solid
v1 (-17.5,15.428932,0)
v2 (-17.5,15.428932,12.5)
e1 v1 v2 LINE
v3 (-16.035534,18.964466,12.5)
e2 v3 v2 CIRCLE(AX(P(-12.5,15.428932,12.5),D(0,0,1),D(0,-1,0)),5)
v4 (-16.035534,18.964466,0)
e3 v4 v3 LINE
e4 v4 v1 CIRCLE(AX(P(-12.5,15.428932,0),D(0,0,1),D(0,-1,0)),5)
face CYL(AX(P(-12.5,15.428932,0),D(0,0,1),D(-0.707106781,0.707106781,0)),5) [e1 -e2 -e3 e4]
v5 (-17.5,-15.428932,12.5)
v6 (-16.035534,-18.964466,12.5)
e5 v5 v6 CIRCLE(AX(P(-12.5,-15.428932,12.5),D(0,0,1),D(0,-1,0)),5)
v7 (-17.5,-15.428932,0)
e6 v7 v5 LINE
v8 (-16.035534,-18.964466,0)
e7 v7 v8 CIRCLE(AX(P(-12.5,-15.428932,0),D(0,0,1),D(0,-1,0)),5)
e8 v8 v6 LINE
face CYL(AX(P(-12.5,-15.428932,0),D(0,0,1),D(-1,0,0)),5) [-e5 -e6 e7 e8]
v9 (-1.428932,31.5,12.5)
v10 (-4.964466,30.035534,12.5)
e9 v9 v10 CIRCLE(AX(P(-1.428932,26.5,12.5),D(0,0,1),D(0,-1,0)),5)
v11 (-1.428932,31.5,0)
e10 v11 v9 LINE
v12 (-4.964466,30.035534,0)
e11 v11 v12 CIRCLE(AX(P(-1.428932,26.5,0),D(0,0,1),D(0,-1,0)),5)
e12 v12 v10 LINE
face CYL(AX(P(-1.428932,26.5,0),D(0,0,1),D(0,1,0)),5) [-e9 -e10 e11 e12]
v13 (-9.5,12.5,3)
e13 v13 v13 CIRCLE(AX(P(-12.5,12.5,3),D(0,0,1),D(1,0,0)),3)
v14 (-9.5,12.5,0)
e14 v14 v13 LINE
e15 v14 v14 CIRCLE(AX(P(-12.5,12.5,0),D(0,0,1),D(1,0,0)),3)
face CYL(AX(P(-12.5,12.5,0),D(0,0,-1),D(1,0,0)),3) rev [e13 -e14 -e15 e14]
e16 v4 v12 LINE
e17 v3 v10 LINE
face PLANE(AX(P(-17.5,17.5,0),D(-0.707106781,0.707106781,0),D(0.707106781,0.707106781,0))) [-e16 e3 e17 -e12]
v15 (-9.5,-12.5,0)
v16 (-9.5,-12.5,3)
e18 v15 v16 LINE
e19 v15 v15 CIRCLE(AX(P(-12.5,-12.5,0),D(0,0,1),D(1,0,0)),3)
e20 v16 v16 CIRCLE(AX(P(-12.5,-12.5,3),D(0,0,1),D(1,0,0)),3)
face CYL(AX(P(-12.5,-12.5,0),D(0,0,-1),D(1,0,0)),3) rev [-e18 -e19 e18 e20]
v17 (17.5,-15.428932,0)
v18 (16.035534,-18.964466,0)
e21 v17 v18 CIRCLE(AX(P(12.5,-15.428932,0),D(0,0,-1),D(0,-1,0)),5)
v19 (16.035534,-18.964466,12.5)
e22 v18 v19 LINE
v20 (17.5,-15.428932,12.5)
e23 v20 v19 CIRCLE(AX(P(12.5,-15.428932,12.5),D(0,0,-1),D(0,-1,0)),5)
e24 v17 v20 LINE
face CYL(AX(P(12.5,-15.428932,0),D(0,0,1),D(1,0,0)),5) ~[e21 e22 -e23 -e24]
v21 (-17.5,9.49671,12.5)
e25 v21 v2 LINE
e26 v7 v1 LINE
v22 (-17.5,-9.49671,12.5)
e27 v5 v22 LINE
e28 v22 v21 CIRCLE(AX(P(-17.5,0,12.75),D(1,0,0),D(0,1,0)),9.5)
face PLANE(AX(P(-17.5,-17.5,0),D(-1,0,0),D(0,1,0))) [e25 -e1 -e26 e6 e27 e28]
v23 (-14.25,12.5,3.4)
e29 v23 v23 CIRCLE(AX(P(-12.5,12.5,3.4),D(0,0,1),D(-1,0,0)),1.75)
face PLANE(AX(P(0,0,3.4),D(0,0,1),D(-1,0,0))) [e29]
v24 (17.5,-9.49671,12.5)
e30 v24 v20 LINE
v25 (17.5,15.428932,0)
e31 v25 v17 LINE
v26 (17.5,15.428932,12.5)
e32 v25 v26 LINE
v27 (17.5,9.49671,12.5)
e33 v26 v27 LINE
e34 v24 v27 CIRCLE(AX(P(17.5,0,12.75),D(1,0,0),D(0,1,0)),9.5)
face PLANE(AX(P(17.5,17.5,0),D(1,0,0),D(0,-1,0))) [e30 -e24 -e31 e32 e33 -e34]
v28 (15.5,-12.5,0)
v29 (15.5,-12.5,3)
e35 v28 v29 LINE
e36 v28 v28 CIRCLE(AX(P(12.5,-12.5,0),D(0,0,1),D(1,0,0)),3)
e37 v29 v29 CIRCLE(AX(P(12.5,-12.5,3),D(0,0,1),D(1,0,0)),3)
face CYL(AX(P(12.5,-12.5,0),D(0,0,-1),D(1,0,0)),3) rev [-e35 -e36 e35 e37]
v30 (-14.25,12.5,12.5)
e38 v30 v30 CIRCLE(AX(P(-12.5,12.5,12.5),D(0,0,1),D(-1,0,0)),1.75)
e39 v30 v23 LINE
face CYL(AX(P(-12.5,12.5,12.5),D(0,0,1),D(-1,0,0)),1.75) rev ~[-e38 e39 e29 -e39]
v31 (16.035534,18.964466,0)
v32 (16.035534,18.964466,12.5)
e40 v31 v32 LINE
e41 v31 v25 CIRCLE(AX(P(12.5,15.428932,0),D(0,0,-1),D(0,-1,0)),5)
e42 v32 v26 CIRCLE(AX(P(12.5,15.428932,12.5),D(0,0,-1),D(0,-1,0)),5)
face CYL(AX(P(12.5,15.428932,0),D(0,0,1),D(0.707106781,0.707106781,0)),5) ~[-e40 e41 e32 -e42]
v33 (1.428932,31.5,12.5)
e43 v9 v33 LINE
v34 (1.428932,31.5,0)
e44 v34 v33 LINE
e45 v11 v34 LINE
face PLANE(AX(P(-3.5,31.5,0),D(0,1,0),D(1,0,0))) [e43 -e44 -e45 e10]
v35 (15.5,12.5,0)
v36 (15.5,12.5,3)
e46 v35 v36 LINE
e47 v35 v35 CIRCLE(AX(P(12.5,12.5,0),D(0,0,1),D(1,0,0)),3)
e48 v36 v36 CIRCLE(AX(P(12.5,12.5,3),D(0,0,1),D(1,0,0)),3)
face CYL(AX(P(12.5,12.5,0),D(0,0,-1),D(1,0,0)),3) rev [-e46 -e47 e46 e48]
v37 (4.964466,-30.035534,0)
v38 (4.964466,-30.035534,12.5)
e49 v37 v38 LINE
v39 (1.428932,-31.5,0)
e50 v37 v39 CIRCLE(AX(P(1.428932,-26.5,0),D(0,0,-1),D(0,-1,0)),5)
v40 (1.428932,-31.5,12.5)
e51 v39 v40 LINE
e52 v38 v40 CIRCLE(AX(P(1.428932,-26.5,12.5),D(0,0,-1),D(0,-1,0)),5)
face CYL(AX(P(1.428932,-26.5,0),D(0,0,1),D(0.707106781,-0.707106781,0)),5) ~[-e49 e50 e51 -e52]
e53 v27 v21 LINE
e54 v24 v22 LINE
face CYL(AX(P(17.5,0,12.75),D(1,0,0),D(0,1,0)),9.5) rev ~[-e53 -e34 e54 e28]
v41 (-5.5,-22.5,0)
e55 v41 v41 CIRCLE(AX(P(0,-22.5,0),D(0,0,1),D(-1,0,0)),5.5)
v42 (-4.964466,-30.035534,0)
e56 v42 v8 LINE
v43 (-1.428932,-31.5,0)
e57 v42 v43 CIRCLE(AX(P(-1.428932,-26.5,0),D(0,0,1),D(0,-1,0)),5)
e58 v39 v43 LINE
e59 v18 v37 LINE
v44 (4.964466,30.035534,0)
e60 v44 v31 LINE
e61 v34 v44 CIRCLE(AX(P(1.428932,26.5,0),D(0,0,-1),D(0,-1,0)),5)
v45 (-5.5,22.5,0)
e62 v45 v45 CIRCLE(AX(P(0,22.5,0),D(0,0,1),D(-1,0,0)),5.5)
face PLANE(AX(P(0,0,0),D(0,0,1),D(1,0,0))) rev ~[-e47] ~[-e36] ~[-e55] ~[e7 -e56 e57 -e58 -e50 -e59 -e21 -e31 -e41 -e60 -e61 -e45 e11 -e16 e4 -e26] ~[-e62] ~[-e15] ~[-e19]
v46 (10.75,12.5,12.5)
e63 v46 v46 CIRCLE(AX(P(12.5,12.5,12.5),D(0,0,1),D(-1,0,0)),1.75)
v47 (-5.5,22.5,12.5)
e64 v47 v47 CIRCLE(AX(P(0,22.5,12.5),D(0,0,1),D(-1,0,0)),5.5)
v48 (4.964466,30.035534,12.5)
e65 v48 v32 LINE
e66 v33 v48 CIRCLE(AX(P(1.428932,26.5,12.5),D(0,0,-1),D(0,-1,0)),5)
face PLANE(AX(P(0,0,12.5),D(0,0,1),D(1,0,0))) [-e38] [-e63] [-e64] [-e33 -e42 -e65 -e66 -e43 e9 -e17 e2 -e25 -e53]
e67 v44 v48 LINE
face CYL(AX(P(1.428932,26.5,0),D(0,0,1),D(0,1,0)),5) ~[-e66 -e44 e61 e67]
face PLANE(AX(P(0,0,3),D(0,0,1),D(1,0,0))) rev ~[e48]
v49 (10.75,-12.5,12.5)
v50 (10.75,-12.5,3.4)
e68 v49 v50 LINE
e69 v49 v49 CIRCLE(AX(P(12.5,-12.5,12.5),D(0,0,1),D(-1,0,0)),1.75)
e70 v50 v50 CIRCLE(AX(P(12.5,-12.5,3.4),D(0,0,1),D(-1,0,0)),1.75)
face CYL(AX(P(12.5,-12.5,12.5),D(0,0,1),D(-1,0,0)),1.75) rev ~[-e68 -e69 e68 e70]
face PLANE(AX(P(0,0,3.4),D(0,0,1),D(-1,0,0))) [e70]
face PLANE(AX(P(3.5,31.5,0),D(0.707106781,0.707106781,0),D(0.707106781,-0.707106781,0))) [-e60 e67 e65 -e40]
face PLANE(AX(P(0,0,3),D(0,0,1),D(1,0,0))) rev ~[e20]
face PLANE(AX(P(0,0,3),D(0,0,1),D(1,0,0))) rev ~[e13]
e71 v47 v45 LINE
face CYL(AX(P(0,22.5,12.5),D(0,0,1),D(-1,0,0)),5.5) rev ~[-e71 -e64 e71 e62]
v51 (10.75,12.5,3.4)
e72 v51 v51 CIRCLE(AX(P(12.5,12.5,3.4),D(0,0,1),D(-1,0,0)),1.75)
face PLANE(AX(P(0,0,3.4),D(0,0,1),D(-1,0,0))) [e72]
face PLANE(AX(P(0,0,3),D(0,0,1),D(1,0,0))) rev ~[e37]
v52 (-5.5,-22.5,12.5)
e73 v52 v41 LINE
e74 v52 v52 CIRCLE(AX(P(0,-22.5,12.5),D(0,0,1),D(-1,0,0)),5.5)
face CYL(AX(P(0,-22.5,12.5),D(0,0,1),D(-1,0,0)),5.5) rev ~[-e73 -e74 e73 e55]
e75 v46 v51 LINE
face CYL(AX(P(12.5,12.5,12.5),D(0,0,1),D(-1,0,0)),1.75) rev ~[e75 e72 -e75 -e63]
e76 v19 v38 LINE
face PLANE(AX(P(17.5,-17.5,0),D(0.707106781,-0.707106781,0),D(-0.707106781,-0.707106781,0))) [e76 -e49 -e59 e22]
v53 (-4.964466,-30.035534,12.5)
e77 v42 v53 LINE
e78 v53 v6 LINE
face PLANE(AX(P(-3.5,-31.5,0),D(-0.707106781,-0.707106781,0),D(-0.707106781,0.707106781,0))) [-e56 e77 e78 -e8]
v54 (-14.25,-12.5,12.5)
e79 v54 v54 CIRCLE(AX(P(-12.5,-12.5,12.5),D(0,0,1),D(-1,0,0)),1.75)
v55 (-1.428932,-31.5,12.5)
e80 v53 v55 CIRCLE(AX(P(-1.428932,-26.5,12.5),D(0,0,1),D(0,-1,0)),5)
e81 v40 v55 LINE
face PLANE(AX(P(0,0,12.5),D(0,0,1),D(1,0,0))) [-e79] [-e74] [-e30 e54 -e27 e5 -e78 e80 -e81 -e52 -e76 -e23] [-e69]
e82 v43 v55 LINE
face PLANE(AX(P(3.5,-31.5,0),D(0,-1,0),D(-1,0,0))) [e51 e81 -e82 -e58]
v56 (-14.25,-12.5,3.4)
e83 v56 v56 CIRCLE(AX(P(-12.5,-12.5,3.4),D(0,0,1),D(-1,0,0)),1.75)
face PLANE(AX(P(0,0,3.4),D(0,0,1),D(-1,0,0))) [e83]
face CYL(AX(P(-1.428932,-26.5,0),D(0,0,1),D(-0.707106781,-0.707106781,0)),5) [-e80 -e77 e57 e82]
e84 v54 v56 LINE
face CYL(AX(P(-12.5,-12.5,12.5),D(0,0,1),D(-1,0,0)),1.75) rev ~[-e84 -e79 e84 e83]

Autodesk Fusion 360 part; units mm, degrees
sketch "スケッチ1" plane through (0, 0, 0) normal (0, 0, 1) x (1, 0, 0)
  line L0 (-3.5, 31.5) -> (3.5, 31.5)
  line L1 (3.5, 31.5) -> (17.5, 17.5)
  line L2 (17.5, 17.5) -> (17.5, -17.5)
  line L3 (17.5, -17.5) -> (3.5, -31.5)
  line L4 (3.5, -31.5) -> (-3.5, -31.5)
  line L5 (-3.5, -31.5) -> (-17.5, -17.5)
  line L6 (-17.5, -17.5) -> (-17.5, 17.5)
  line L7 (-17.5, 17.5) -> (-3.5, 31.5)
  circle A0 centre (-12.5, 12.5) radius 3
  circle A1 centre (-12.5, -12.5) radius 3
  circle A2 centre (12.5, -12.5) radius 3
  circle A3 centre (12.5, 12.5) radius 3
  dimension "d1" = 35
  dimension "d2" = 63
  dimension "d3" = 31.5
  dimension "d4" = 17.5
  dimension "d5" = 14
  dimension "d6" = 14
  dimension "d7" = 14
  dimension "d8" = 14
  dimension "d9" = 14
  dimension "d10" = 14
  dimension "d11" = 14
  dimension "d12" = 14
  dimension "d13" = 6
  dimension "d14" = 12.5
  dimension "d15" = 12.5
  dimension "d17" = 360
extrude "押し出し1" add sketch "スケッチ1" along normal blind 12.5 contours L0 L1 L2 L3 L4 L5 L6 L7 | A0 | A1 | A2 | A3
extrude "押し出し2" cut sketch "スケッチ1" along normal blind 3 contours A0 | A1 | A2 | A3
sketch "スケッチ2" plane through (17.5, 0, 0) normal (1, 0, 0) x (0, 1, 0)
  line L0 (-17.5, 0) -> (17.5, 0)
  line L1 (17.5, 0) -> (17.5, 12.5)
  line L2 (17.5, 12.5) -> (-17.5, 12.5)
  line L3 (-17.5, 12.5) -> (-17.5, 0)
  circle A0 centre (0, 12.75) radius 9.5
  line L4 (17.5, 0) -> (-17.5, 0)
  dimension "d22" = 19
  dimension "d23" = 12.75
extrude "押し出し3" cut sketch "スケッチ2" against normal up to surface (35 mm away) contours L2 A0 picked at (1.5592, 9.8271)
sketch "スケッチ3" plane through (0, 0, 12.5) normal (0, 0, 1) x (-1, 0, 0)
  line L0 (17.5, -9.4967) -> (-17.5, -9.4967)
  line L1 (-17.5, -9.4967) -> (-17.5, -17.5)
  line L2 (-17.5, -17.5) -> (-3.5, -31.5)
  line L3 (-3.5, -31.5) -> (3.5, -31.5)
  line L4 (3.5, -31.5) -> (17.5, -17.5)
  line L5 (17.5, -17.5) -> (17.5, -9.4967)
  circle A0 centre (12.5, -12.5) radius 1.75
  circle A1 centre (12.5, 12.5) radius 1.75
  circle A2 centre (-12.5, 12.5) radius 1.75
  circle A3 centre (-12.5, -12.5) radius 1.75
  line L6 (-3.5, 31.5) -> (3.5, 31.5)
  line L7 (0, 31.5) -> (0, -31.5) construction
  circle A4 centre (0, 22.5) radius 5.5
  circle A5 centre (0, -22.5) radius 5.5
  point P0 (12.5, -12.5)
  dimension "d26" = 3.5
  dimension "d28" = 360
  dimension "d32" = 11
  dimension "d33" = 11
  dimension "d34" = 9
  dimension "d35" = 9
extrude "押し出し4" cut sketch "スケッチ3" against normal blind 9.1 contours A0 | A1 | A2 | A3
extrude "押し出し5" cut sketch "スケッチ3" against normal through all contours A4 | A5
fillet "フィレット1" radius 5 8 edges at (-17.5, 17.5, 6.25) (-3.5, 31.5, 6.25) (3.5, 31.5, 6.25) (17.5, 17.5, 6.25) (-17.5, -17.5, 6.25) (-3.5, -31.5, 6.25) (3.5, -31.5, 6.25) (17.5, -17.5, 6.25)
equation "d3 = d2 / 2"
equation "d4 = d1 / 2"
equation "d7 = d5"
equation "d8 = d6"
equation "d9 = d5"
equation "d10 = d7"
equation "d11 = d10"
equation "d12 = d9"
